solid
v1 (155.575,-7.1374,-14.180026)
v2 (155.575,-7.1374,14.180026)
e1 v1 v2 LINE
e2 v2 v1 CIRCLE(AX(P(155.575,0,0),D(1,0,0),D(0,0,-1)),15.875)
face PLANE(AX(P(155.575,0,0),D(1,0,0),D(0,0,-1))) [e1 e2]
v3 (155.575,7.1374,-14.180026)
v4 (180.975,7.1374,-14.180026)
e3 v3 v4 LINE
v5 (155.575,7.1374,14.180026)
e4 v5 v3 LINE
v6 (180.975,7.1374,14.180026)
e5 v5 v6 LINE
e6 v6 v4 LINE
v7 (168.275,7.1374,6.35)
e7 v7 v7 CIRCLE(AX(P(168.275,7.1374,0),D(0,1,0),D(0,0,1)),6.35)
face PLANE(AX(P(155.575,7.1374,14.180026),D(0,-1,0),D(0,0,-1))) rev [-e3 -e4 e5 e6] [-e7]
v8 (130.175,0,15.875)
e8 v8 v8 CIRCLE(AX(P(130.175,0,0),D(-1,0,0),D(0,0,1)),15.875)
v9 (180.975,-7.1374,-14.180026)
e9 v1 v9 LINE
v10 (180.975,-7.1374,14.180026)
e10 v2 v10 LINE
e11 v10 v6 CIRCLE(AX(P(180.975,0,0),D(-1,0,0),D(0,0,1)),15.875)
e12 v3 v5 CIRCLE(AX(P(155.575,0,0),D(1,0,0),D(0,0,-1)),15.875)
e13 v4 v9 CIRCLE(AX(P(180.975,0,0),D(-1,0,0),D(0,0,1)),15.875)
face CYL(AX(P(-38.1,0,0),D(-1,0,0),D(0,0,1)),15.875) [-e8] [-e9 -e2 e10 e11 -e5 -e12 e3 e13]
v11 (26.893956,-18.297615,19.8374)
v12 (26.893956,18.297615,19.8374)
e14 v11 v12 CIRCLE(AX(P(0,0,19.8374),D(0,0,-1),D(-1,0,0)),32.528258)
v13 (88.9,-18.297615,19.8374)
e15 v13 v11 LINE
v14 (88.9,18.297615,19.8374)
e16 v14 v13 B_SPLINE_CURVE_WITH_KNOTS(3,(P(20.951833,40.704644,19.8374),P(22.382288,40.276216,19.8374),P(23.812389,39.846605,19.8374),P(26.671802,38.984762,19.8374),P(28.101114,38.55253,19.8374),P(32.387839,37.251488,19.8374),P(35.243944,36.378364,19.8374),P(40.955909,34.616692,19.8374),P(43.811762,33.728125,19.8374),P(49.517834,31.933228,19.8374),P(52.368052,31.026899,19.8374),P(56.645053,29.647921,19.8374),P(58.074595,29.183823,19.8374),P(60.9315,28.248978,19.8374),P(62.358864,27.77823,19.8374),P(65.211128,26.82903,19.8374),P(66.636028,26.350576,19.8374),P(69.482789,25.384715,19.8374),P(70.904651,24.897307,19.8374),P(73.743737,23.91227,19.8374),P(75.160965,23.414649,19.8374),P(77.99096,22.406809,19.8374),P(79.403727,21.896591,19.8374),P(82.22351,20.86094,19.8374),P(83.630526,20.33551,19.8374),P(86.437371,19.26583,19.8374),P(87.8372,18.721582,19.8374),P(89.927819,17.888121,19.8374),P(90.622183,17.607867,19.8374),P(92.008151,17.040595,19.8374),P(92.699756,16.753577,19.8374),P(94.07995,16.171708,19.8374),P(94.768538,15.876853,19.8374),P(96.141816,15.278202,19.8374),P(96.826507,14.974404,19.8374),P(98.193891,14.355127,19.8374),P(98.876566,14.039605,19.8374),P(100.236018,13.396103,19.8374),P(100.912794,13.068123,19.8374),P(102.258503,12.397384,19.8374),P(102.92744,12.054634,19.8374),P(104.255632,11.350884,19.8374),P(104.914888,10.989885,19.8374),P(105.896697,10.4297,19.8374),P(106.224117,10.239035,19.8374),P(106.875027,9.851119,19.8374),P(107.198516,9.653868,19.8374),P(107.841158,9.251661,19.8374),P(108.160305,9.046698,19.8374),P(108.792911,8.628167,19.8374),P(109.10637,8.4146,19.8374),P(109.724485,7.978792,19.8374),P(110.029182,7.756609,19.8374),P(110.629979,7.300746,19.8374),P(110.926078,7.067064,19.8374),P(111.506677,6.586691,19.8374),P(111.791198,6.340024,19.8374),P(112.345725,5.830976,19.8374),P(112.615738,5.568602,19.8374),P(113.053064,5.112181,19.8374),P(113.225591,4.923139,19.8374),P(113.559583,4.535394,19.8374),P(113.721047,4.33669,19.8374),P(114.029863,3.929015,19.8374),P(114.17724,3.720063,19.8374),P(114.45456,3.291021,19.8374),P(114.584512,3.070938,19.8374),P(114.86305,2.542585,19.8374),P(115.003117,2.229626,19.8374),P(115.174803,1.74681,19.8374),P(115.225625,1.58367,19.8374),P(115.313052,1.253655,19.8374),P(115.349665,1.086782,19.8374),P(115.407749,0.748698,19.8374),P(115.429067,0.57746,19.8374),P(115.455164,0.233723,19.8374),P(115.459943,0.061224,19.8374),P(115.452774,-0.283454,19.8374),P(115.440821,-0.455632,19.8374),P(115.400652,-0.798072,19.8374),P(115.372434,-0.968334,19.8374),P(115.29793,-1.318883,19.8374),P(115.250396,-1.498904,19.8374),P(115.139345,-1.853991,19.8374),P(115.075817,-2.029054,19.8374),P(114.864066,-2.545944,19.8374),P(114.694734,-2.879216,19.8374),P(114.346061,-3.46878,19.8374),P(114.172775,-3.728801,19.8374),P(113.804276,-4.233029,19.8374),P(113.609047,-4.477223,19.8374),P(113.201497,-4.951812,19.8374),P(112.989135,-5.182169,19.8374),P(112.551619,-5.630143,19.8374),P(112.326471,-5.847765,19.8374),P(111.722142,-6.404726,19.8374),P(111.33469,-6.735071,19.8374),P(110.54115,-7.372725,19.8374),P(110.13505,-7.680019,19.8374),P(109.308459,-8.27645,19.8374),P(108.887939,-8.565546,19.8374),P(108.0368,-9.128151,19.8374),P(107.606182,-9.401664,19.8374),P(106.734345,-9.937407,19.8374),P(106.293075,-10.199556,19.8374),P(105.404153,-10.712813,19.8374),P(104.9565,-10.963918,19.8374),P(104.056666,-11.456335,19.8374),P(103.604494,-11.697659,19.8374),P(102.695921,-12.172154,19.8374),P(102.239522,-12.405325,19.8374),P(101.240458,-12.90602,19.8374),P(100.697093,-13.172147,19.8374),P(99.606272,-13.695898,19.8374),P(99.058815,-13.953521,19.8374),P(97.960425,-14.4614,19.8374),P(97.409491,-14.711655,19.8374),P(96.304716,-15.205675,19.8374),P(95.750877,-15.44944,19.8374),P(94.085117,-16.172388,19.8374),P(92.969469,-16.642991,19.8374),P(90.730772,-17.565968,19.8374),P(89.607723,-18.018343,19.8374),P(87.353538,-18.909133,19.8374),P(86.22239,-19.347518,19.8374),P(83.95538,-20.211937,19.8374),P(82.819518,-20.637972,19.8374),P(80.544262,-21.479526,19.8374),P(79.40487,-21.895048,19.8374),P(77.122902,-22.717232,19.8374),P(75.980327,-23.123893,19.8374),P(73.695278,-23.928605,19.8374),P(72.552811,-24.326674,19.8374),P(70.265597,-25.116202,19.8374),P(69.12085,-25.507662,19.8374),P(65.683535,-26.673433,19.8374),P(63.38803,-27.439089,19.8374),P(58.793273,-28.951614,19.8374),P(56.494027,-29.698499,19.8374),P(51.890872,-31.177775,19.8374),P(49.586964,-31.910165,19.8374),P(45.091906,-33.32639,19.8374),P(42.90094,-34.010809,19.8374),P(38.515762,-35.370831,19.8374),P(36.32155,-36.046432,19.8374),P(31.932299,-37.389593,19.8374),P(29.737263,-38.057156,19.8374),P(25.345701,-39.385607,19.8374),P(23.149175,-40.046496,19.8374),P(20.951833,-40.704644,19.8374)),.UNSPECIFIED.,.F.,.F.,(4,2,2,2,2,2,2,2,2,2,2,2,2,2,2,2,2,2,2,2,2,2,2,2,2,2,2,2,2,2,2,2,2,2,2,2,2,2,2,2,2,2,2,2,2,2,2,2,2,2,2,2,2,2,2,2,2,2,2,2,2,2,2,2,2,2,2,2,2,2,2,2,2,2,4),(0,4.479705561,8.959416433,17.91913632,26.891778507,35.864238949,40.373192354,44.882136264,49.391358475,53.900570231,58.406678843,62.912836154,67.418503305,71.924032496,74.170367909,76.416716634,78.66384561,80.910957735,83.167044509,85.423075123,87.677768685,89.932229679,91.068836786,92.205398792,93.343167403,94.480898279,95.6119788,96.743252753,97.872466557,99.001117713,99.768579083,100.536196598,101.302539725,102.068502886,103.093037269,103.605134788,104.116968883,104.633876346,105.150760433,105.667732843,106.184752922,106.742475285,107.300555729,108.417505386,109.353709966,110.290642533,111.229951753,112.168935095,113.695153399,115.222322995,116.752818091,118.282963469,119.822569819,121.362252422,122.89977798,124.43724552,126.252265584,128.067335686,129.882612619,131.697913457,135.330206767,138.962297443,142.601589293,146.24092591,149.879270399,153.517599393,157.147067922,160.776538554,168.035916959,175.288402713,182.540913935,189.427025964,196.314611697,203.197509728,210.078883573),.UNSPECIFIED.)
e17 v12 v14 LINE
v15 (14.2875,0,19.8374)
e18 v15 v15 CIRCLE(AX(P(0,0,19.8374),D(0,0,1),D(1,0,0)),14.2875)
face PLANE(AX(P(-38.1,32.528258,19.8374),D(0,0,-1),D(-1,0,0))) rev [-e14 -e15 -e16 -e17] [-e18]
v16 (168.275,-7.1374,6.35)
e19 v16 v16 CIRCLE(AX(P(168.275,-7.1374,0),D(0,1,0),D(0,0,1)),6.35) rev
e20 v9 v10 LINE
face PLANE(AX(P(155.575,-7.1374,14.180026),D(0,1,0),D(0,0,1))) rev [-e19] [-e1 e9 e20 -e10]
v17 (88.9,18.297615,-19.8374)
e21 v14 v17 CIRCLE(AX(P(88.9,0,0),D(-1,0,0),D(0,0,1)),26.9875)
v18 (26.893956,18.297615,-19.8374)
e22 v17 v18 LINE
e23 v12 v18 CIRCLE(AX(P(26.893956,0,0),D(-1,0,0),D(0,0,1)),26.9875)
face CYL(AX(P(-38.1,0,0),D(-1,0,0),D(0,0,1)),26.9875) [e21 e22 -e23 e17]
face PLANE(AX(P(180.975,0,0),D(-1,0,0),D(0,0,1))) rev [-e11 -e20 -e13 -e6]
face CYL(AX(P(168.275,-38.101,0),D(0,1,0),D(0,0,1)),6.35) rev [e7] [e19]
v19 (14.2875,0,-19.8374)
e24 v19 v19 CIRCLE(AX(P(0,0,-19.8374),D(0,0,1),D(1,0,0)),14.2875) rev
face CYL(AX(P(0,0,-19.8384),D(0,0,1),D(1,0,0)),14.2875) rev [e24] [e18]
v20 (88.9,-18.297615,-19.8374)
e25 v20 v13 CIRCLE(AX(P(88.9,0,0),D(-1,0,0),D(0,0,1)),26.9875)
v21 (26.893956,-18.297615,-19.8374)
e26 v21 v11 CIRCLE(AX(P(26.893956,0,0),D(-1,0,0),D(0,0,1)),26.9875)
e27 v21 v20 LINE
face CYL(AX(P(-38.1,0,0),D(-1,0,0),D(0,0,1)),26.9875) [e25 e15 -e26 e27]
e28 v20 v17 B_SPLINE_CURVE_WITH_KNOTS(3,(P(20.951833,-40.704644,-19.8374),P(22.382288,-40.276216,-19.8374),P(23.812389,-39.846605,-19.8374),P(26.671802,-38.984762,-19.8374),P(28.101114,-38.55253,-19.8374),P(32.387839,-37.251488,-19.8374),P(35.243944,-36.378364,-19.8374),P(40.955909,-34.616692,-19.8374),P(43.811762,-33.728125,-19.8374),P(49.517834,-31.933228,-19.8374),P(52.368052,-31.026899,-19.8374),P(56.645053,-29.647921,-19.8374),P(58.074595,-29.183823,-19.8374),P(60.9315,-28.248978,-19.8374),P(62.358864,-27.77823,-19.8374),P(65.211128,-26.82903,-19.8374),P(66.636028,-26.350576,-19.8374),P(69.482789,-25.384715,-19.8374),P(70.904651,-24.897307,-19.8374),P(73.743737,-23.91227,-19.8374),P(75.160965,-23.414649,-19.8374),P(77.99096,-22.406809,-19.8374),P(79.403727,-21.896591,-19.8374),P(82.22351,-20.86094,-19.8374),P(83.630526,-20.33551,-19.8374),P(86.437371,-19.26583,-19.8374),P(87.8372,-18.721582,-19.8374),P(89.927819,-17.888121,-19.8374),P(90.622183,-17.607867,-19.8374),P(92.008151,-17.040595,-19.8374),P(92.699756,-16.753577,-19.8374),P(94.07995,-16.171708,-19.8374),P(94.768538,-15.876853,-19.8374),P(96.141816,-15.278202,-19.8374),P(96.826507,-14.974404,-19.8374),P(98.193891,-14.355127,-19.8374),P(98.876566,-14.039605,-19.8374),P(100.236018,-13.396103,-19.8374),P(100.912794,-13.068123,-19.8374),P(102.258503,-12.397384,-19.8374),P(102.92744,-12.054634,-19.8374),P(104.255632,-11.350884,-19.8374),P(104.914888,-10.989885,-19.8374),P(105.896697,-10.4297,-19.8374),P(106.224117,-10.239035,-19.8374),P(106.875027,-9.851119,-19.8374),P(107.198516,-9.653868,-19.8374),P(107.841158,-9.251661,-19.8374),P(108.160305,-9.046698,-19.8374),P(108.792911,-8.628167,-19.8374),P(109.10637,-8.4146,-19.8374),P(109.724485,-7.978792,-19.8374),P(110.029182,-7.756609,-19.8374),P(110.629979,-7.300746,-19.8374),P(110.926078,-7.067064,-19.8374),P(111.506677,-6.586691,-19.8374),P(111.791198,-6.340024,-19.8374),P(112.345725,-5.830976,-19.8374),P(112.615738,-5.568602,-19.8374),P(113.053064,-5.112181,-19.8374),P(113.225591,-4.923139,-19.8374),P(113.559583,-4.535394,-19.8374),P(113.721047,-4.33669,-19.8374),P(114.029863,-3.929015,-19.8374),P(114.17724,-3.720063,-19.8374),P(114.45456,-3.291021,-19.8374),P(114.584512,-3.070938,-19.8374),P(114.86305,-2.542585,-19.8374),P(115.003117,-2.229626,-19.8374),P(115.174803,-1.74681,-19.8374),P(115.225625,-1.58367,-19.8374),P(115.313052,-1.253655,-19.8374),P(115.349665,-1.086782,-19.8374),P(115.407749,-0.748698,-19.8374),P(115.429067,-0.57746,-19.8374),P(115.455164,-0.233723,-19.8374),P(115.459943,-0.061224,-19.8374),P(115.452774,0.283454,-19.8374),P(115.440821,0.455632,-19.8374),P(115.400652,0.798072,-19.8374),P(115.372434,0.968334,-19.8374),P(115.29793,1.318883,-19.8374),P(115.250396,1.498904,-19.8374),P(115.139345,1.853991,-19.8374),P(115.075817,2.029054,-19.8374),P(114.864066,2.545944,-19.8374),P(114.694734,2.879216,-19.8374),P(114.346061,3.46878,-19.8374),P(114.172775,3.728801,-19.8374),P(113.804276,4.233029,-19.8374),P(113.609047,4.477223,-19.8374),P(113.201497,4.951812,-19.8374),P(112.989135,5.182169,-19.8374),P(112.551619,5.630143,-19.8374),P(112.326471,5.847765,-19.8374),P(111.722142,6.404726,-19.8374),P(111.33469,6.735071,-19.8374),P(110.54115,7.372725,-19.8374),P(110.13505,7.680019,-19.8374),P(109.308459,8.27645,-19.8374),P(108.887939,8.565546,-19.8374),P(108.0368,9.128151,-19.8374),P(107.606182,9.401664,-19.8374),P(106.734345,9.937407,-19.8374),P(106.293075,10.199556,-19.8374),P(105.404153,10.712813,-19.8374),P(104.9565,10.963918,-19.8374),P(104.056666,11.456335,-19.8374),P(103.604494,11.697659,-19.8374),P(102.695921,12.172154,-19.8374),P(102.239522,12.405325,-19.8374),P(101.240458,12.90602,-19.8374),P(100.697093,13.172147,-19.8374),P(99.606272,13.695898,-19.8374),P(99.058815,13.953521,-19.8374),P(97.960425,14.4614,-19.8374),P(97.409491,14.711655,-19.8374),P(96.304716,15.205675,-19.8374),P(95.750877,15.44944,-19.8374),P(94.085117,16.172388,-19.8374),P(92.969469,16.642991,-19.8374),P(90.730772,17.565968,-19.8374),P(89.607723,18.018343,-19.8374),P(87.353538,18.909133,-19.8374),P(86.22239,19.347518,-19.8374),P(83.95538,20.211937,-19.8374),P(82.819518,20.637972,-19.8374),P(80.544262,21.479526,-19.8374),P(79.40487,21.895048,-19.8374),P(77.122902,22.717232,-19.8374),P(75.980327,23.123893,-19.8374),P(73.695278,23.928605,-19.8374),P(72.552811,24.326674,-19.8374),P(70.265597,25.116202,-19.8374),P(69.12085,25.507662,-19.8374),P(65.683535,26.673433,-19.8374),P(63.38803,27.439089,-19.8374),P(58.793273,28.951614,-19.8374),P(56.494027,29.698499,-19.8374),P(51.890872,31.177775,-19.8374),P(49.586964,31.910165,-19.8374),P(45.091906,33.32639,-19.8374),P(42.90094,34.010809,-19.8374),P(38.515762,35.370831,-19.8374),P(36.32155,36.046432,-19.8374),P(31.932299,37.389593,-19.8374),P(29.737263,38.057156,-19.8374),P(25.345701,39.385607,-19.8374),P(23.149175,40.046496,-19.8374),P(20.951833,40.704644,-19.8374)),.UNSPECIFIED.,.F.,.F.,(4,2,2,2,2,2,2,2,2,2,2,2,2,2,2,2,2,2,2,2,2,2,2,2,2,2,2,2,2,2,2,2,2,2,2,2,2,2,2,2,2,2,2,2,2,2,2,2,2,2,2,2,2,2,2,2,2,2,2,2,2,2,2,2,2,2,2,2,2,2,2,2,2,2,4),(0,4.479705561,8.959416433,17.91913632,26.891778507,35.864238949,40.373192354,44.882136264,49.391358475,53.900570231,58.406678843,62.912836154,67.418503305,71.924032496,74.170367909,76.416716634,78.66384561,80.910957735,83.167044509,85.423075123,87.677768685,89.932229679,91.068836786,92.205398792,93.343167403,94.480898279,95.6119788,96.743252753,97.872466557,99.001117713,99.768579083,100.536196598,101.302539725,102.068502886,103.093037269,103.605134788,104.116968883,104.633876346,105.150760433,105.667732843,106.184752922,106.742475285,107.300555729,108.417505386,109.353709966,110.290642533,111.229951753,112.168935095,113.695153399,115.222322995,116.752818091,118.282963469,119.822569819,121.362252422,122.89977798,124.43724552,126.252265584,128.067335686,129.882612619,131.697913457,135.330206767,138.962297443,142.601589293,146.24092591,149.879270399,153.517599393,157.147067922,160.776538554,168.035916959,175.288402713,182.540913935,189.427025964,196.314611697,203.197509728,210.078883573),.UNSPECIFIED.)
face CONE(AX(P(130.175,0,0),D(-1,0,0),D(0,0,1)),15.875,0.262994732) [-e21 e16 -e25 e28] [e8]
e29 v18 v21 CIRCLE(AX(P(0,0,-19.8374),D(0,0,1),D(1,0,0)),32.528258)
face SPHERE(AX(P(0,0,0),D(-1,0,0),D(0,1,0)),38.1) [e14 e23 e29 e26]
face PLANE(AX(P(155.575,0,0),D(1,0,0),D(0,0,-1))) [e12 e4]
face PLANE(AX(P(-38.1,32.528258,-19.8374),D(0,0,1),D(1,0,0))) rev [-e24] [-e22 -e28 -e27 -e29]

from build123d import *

# Parameters (mm, degrees)
CORTAR_EXTRUIR1_DEPTH      = 226.603802328
CORTAR_EXTRUIR1_DEPTH_BACK = 226.603802328
CORTAR_EXTRUIR2_START      = -25.4
CORTAR_EXTRUIR2_DEPTH      = 25.4
CORTAR_EXTRUIR3_REACH      = 189.595
CROQUIS5_R                 = 6.35
CORTAR_EXTRUIR4_REACH      = 191.15
CROQUIS6_R                 = 14.2875


with BuildPart() as part:
    # Croquis2 → Revolución1 (revolve)
    with BuildSketch(Plane.XY, mode=Mode.PRIVATE) as revoluci_n1_sk:
        with BuildLine():
            Line((-38.1, 0), (180.975, 0))
            Line((180.975, 0), (180.975, 15.875))
            Line((180.975, 15.875), (130.175, 15.875))
            Line((130.175, 15.875), (88.9, 26.9875))
            Line((88.9, 26.9875), (26.893955524, 26.9875))
            ThreePointArc((26.893955524, 26.9875), (-14.610788728, 35.187140446), (-38.1, 0))
        make_face()
    revolve(revoluci_n1_sk.sketch.rotate(Axis((-38.1, 0, 0), (1, 0, 0)), 90), axis=Axis((-38.1, 0, 0), (1, 0, 0)))

    # Croquis3 → Cortar-Extruir1 (cut, two sides: drawn at the far end of the back side and taken through both)
    with BuildSketch(Plane(origin=(180.975, 0, 0), x_dir=(0, 0, -1), z_dir=(1, 0, 0)).offset(-CORTAR_EXTRUIR1_DEPTH_BACK)):
        with BuildLine():
            Line((-19.8374, 32.528257888), (-19.8374, -32.528257888))
            ThreePointArc((-19.8374, -32.528257888), (-38.1, 0), (-19.8374, 32.528257888))
        make_face()
        with BuildLine():
            Line((19.8374, 32.528257888), (19.8374, -32.528257888))
            ThreePointArc((19.8374, -32.528257888), (38.1, 0), (19.8374, 32.528257888))
        make_face()
    extrude(amount=CORTAR_EXTRUIR1_DEPTH + CORTAR_EXTRUIR1_DEPTH_BACK, mode=Mode.SUBTRACT)

    # Croquis4 → Cortar-Extruir2 (cut)
    with BuildSketch(Plane(origin=(180.975, 0, 0), x_dir=(0, 0, -1), z_dir=(1, 0, 0)).offset(CORTAR_EXTRUIR2_START)):
        with BuildLine():
            Line((-14.180026313, 7.1374), (14.180026313, 7.1374))
            ThreePointArc((14.180026313, 7.1374), (0, 15.875), (-14.180026313, 7.1374))
        make_face()
        with BuildLine():
            Line((-14.180026313, -7.1374), (14.180026313, -7.1374))
            ThreePointArc((14.180026313, -7.1374), (0, -15.875), (-14.180026313, -7.1374))
        make_face()
    extrude(amount=CORTAR_EXTRUIR2_DEPTH, mode=Mode.SUBTRACT)

    # Croquis5 → Cortar-Extruir3 (cut, up to next)
    with BuildSketch(Plane(origin=(0, 7.1374, 0), x_dir=(1, 0, 0), z_dir=(0, 1, 0)), mode=Mode.PRIVATE) as cortar_extruir3_sk1:
        with Locations(Location((168.275, 0, 0), (0, 0, 270))):
            Circle(CROQUIS5_R)
    cortar_extruir3_tool1 = extrude(cortar_extruir3_sk1.sketch, amount=-CORTAR_EXTRUIR3_REACH, mode=Mode.PRIVATE) & part.part
    add(cortar_extruir3_tool1.solids().sort_by_distance((168.275, 7.1374, 0))[0], mode=Mode.SUBTRACT)

    # Croquis6 → Cortar-Extruir4 (cut, up to next)
    with BuildSketch(Plane.XY.offset(19.8374), mode=Mode.PRIVATE) as cortar_extruir4_sk1:
        Circle(CROQUIS6_R)
    cortar_extruir4_tool1 = extrude(cortar_extruir4_sk1.sketch, amount=-CORTAR_EXTRUIR4_REACH, mode=Mode.PRIVATE) & part.part
    add(cortar_extruir4_tool1.solids().sort_by_distance((0, 0, 19.8374))[0], mode=Mode.SUBTRACT)


solid = part.part
